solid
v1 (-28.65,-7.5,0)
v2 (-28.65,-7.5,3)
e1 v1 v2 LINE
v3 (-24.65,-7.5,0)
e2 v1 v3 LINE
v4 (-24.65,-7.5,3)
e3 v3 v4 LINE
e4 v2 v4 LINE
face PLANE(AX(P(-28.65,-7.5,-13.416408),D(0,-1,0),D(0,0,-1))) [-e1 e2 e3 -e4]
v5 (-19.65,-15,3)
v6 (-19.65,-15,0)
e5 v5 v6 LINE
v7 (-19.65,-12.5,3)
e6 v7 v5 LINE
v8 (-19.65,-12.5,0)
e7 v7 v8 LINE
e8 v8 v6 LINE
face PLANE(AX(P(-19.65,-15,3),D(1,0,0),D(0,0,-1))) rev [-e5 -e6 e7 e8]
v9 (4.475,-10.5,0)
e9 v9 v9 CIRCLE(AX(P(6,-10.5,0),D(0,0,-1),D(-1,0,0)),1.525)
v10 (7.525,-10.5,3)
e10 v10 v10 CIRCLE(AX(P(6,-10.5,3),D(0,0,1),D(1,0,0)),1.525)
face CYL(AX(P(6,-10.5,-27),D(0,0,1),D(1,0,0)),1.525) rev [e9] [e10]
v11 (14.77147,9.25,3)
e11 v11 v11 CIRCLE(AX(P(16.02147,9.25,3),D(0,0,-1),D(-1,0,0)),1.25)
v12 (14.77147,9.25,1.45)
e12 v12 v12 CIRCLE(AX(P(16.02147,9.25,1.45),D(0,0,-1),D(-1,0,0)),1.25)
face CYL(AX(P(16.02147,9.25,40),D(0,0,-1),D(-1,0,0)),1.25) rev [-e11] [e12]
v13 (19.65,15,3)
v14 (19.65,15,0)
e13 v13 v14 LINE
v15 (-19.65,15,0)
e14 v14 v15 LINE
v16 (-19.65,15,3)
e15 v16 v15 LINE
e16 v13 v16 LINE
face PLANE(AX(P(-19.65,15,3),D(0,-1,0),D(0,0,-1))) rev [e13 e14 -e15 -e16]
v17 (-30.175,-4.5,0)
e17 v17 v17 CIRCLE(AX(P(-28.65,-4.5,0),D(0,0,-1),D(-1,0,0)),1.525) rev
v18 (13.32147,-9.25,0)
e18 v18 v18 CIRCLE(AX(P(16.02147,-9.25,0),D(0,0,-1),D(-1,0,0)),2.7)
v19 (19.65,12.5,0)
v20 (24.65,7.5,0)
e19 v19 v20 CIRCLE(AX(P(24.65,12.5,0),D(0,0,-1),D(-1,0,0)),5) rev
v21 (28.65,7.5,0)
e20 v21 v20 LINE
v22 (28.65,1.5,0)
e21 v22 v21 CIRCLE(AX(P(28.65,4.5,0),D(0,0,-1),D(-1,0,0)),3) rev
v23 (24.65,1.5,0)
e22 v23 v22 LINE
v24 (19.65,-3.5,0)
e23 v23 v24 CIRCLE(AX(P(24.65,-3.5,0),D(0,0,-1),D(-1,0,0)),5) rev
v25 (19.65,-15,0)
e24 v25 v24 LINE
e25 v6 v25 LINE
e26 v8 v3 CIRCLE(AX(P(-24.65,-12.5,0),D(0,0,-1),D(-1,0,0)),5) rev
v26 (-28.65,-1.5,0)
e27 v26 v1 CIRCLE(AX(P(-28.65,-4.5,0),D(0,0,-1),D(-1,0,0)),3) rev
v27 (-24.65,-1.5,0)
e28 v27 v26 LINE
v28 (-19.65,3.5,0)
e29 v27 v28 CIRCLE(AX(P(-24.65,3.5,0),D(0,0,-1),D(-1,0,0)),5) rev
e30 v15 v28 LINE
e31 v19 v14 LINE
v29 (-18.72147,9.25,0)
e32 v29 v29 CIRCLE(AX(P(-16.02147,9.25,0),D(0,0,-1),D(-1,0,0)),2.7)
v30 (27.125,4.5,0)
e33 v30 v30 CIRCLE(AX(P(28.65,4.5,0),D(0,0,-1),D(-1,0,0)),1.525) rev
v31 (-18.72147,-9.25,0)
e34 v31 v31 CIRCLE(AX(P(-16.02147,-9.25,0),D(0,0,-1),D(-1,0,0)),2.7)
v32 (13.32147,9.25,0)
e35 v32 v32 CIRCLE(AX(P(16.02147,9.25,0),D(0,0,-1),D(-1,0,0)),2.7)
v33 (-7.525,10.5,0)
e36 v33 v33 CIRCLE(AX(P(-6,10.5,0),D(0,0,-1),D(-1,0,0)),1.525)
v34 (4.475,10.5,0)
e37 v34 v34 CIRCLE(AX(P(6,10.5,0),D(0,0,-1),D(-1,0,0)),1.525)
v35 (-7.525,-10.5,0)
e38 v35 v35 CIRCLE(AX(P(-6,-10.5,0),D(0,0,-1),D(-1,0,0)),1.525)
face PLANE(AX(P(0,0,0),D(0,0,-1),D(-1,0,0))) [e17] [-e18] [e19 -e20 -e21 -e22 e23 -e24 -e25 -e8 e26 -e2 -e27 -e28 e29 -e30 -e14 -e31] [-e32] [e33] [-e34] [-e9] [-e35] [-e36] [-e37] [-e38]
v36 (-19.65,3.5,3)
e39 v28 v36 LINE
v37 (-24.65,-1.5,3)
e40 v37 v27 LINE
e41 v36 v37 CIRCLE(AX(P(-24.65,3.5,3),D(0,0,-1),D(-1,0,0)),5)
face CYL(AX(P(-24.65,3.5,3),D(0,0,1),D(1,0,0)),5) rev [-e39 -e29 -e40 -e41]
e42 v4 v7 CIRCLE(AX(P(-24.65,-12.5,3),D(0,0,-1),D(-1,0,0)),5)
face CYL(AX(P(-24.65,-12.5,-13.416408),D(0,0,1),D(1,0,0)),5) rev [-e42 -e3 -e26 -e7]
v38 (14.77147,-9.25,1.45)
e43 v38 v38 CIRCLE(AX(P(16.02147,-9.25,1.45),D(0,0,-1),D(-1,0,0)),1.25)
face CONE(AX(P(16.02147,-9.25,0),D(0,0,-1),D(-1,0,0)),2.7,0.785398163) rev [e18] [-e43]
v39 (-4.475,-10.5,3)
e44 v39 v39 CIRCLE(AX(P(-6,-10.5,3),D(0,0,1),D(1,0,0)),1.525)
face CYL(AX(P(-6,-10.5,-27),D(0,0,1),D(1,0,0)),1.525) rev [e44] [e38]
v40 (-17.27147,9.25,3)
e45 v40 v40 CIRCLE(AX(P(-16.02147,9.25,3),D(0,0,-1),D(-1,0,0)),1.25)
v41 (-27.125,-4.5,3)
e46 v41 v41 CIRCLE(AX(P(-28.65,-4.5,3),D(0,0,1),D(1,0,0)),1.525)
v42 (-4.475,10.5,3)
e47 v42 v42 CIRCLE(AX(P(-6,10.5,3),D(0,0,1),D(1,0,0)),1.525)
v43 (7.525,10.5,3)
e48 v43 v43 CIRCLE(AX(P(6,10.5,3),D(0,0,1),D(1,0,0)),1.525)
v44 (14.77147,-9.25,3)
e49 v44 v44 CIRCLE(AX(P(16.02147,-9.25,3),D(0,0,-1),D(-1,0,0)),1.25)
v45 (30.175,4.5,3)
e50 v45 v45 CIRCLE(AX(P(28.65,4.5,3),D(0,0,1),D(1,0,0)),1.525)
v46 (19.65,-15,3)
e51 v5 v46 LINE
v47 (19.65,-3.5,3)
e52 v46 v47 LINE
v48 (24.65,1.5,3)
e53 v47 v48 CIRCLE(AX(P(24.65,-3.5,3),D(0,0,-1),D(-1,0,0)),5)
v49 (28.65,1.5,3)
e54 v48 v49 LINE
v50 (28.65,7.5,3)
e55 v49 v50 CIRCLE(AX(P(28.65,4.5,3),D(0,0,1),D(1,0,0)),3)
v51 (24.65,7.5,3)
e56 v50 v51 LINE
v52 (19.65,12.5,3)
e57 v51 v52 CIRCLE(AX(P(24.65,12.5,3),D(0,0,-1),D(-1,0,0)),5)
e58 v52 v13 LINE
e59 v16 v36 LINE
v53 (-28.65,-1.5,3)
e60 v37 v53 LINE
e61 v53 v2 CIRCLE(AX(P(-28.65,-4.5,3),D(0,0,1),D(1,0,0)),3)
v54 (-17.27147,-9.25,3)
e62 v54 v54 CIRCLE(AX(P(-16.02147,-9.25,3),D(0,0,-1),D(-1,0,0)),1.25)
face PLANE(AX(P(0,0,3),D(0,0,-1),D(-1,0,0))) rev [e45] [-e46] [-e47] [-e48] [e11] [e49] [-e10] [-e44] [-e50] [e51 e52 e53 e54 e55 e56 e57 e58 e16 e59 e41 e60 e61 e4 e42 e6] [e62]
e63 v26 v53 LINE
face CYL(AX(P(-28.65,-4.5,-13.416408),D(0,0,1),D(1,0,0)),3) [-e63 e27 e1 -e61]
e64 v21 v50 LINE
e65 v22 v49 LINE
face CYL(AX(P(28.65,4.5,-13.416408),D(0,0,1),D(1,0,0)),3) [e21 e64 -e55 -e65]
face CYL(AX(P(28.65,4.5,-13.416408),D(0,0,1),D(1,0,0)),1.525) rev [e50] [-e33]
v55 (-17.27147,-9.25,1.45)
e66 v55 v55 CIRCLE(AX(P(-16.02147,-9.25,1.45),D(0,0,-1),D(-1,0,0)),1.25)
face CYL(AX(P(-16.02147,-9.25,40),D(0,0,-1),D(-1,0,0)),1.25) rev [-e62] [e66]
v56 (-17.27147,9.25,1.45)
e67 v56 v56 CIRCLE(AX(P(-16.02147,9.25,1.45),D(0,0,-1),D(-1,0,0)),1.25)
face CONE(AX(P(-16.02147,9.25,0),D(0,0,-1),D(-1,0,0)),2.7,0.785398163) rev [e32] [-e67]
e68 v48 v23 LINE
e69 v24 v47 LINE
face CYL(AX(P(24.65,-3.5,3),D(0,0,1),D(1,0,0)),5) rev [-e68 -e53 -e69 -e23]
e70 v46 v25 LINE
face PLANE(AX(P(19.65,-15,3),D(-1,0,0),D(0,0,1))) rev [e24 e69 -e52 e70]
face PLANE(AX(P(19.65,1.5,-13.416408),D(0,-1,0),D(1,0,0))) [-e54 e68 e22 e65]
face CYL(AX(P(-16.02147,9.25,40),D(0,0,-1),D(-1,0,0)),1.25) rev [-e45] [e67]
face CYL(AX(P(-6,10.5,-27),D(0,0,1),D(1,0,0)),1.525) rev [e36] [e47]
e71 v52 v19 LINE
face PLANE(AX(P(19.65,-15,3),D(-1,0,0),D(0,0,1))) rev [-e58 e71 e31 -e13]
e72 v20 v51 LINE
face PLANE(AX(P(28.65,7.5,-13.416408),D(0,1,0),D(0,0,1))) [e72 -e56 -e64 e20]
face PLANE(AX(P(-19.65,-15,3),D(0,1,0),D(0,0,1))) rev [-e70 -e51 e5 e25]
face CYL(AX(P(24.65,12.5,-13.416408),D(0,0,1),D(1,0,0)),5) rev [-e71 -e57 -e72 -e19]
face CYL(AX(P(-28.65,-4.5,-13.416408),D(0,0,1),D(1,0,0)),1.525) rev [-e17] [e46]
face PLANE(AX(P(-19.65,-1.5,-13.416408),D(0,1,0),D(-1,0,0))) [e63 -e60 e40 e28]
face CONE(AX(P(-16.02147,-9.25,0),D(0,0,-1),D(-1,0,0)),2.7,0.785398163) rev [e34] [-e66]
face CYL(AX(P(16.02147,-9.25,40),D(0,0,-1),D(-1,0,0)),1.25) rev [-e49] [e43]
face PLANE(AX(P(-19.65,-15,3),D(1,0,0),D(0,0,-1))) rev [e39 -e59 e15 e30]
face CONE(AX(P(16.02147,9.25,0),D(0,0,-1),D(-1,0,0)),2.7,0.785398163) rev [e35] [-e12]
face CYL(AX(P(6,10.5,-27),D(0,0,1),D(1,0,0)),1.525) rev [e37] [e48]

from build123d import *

# Parameters (mm, degrees)
SKETCH_1_W                     = 39.3
SKETCH_1_H                     = 30
EXTRUDE_1_DEPTH                = 3
SKETCH_2_R                     = 1.525
EXTRUDE_2_DEPTH                = 3
SKETCH_4_R                     = 1.525
EXTRUDE_3_DEPTH                = 3
FILLET_1_R                     = 5
SKETCH_5_R                     = 1.525
CUT_EXTRUDE_1_DEPTH            = 30
SKETCH_6_R                     = 1.25
CUT_EXTRUDE_2_DEPTH            = 40
HOLE_WIZARD_M2_5_1_D           = 2.5
HOLE_WIZARD_M2_5_1_CSINK_D     = 5.4
HOLE_WIZARD_M2_5_1_CSINK_ANGLE = 90


with BuildPart() as part:
    # 草图1 → 凸台-拉伸1 (new body)
    with BuildSketch(Plane.XY):
        Rectangle(SKETCH_1_W, SKETCH_1_H)
    extrude(amount=EXTRUDE_1_DEPTH)

    # 草图2 → 凸台-拉伸2 (add)
    with BuildSketch(Plane.XY.offset(3)):
        with BuildLine():
            Line((-28.65, -7.5), (-19.65, -7.5))
            Line((-19.65, -7.5), (-19.65, -1.5))
            Line((-19.65, -1.5), (-28.65, -1.5))
            ThreePointArc((-28.65, -1.5), (-31.65, -4.5), (-28.65, -7.5))
        make_face()
        with Locations((-28.65, -4.5)):
            Circle(SKETCH_2_R, mode=Mode.SUBTRACT)
    extrude(amount=-EXTRUDE_2_DEPTH)

    # 草图4 → 凸台-拉伸3 (add)
    with BuildSketch(Plane.XY.offset(3)):
        with BuildLine():
            Line((28.65, 7.5), (19.65, 7.5))
            Line((19.65, 7.5), (19.65, 1.5))
            Line((19.65, 1.5), (28.65, 1.5))
            ThreePointArc((28.65, 1.5), (31.65, 4.5), (28.65, 7.5))
        make_face()
        with Locations((28.65, 4.5)):
            Circle(SKETCH_4_R, mode=Mode.SUBTRACT)
    extrude(amount=-EXTRUDE_3_DEPTH)

    # 圆角1
    fillet_1_edges = [part.edges().sort_by_distance(p)[0] for p in [
        (-19.65, -1.5, 1.5),
        (-19.65, -7.5, 1.5),
        (19.65, 1.5, 1.5),
        (19.65, 7.5, 1.5),
    ]]
    fillet(fillet_1_edges, radius=FILLET_1_R)

    # 草图5 → 切除-拉伸1 (cut)
    with BuildSketch(Plane.XY.offset(3)):
        with Locations((6, 10.5)):
            Circle(SKETCH_5_R)
        with Locations((-6, 10.5)):
            Circle(SKETCH_5_R)
        with Locations((-6, -10.5)):
            Circle(SKETCH_5_R)
        with Locations((6, -10.5)):
            Circle(SKETCH_5_R)
    extrude(amount=-CUT_EXTRUDE_1_DEPTH, mode=Mode.SUBTRACT)

    # 草图6 → 切除-拉伸2 (cut)
    with BuildSketch(Plane(origin=(0, 0, 0), x_dir=(-1, 0, 0), z_dir=(0, 0, -1))):
        with Locations((16.02146997, 9.25)):
            Circle(SKETCH_6_R)
        with Locations((-16.02146997, -9.25)):
            Circle(SKETCH_6_R)
        with Locations((16.02146997, -9.25)):
            Circle(SKETCH_6_R)
        with Locations((-16.02146997, 9.25)):
            Circle(SKETCH_6_R)
    extrude(amount=-CUT_EXTRUDE_2_DEPTH, mode=Mode.SUBTRACT)

    # M2.5 十字槽半沉头木螺钉的锥形沉头孔1 (through all)
    with Locations(Plane(origin=(0, 0, 0), x_dir=(-1, 0, 0), z_dir=(0, 0, -1))):
        with Locations((-16.02146997, 9.25), (-16.02146997, -9.25), (16.02146997, 9.25), (16.02146997, -9.25)):
            CounterSinkHole(HOLE_WIZARD_M2_5_1_D / 2, HOLE_WIZARD_M2_5_1_CSINK_D / 2, counter_sink_angle=HOLE_WIZARD_M2_5_1_CSINK_ANGLE)


solid = part.part
